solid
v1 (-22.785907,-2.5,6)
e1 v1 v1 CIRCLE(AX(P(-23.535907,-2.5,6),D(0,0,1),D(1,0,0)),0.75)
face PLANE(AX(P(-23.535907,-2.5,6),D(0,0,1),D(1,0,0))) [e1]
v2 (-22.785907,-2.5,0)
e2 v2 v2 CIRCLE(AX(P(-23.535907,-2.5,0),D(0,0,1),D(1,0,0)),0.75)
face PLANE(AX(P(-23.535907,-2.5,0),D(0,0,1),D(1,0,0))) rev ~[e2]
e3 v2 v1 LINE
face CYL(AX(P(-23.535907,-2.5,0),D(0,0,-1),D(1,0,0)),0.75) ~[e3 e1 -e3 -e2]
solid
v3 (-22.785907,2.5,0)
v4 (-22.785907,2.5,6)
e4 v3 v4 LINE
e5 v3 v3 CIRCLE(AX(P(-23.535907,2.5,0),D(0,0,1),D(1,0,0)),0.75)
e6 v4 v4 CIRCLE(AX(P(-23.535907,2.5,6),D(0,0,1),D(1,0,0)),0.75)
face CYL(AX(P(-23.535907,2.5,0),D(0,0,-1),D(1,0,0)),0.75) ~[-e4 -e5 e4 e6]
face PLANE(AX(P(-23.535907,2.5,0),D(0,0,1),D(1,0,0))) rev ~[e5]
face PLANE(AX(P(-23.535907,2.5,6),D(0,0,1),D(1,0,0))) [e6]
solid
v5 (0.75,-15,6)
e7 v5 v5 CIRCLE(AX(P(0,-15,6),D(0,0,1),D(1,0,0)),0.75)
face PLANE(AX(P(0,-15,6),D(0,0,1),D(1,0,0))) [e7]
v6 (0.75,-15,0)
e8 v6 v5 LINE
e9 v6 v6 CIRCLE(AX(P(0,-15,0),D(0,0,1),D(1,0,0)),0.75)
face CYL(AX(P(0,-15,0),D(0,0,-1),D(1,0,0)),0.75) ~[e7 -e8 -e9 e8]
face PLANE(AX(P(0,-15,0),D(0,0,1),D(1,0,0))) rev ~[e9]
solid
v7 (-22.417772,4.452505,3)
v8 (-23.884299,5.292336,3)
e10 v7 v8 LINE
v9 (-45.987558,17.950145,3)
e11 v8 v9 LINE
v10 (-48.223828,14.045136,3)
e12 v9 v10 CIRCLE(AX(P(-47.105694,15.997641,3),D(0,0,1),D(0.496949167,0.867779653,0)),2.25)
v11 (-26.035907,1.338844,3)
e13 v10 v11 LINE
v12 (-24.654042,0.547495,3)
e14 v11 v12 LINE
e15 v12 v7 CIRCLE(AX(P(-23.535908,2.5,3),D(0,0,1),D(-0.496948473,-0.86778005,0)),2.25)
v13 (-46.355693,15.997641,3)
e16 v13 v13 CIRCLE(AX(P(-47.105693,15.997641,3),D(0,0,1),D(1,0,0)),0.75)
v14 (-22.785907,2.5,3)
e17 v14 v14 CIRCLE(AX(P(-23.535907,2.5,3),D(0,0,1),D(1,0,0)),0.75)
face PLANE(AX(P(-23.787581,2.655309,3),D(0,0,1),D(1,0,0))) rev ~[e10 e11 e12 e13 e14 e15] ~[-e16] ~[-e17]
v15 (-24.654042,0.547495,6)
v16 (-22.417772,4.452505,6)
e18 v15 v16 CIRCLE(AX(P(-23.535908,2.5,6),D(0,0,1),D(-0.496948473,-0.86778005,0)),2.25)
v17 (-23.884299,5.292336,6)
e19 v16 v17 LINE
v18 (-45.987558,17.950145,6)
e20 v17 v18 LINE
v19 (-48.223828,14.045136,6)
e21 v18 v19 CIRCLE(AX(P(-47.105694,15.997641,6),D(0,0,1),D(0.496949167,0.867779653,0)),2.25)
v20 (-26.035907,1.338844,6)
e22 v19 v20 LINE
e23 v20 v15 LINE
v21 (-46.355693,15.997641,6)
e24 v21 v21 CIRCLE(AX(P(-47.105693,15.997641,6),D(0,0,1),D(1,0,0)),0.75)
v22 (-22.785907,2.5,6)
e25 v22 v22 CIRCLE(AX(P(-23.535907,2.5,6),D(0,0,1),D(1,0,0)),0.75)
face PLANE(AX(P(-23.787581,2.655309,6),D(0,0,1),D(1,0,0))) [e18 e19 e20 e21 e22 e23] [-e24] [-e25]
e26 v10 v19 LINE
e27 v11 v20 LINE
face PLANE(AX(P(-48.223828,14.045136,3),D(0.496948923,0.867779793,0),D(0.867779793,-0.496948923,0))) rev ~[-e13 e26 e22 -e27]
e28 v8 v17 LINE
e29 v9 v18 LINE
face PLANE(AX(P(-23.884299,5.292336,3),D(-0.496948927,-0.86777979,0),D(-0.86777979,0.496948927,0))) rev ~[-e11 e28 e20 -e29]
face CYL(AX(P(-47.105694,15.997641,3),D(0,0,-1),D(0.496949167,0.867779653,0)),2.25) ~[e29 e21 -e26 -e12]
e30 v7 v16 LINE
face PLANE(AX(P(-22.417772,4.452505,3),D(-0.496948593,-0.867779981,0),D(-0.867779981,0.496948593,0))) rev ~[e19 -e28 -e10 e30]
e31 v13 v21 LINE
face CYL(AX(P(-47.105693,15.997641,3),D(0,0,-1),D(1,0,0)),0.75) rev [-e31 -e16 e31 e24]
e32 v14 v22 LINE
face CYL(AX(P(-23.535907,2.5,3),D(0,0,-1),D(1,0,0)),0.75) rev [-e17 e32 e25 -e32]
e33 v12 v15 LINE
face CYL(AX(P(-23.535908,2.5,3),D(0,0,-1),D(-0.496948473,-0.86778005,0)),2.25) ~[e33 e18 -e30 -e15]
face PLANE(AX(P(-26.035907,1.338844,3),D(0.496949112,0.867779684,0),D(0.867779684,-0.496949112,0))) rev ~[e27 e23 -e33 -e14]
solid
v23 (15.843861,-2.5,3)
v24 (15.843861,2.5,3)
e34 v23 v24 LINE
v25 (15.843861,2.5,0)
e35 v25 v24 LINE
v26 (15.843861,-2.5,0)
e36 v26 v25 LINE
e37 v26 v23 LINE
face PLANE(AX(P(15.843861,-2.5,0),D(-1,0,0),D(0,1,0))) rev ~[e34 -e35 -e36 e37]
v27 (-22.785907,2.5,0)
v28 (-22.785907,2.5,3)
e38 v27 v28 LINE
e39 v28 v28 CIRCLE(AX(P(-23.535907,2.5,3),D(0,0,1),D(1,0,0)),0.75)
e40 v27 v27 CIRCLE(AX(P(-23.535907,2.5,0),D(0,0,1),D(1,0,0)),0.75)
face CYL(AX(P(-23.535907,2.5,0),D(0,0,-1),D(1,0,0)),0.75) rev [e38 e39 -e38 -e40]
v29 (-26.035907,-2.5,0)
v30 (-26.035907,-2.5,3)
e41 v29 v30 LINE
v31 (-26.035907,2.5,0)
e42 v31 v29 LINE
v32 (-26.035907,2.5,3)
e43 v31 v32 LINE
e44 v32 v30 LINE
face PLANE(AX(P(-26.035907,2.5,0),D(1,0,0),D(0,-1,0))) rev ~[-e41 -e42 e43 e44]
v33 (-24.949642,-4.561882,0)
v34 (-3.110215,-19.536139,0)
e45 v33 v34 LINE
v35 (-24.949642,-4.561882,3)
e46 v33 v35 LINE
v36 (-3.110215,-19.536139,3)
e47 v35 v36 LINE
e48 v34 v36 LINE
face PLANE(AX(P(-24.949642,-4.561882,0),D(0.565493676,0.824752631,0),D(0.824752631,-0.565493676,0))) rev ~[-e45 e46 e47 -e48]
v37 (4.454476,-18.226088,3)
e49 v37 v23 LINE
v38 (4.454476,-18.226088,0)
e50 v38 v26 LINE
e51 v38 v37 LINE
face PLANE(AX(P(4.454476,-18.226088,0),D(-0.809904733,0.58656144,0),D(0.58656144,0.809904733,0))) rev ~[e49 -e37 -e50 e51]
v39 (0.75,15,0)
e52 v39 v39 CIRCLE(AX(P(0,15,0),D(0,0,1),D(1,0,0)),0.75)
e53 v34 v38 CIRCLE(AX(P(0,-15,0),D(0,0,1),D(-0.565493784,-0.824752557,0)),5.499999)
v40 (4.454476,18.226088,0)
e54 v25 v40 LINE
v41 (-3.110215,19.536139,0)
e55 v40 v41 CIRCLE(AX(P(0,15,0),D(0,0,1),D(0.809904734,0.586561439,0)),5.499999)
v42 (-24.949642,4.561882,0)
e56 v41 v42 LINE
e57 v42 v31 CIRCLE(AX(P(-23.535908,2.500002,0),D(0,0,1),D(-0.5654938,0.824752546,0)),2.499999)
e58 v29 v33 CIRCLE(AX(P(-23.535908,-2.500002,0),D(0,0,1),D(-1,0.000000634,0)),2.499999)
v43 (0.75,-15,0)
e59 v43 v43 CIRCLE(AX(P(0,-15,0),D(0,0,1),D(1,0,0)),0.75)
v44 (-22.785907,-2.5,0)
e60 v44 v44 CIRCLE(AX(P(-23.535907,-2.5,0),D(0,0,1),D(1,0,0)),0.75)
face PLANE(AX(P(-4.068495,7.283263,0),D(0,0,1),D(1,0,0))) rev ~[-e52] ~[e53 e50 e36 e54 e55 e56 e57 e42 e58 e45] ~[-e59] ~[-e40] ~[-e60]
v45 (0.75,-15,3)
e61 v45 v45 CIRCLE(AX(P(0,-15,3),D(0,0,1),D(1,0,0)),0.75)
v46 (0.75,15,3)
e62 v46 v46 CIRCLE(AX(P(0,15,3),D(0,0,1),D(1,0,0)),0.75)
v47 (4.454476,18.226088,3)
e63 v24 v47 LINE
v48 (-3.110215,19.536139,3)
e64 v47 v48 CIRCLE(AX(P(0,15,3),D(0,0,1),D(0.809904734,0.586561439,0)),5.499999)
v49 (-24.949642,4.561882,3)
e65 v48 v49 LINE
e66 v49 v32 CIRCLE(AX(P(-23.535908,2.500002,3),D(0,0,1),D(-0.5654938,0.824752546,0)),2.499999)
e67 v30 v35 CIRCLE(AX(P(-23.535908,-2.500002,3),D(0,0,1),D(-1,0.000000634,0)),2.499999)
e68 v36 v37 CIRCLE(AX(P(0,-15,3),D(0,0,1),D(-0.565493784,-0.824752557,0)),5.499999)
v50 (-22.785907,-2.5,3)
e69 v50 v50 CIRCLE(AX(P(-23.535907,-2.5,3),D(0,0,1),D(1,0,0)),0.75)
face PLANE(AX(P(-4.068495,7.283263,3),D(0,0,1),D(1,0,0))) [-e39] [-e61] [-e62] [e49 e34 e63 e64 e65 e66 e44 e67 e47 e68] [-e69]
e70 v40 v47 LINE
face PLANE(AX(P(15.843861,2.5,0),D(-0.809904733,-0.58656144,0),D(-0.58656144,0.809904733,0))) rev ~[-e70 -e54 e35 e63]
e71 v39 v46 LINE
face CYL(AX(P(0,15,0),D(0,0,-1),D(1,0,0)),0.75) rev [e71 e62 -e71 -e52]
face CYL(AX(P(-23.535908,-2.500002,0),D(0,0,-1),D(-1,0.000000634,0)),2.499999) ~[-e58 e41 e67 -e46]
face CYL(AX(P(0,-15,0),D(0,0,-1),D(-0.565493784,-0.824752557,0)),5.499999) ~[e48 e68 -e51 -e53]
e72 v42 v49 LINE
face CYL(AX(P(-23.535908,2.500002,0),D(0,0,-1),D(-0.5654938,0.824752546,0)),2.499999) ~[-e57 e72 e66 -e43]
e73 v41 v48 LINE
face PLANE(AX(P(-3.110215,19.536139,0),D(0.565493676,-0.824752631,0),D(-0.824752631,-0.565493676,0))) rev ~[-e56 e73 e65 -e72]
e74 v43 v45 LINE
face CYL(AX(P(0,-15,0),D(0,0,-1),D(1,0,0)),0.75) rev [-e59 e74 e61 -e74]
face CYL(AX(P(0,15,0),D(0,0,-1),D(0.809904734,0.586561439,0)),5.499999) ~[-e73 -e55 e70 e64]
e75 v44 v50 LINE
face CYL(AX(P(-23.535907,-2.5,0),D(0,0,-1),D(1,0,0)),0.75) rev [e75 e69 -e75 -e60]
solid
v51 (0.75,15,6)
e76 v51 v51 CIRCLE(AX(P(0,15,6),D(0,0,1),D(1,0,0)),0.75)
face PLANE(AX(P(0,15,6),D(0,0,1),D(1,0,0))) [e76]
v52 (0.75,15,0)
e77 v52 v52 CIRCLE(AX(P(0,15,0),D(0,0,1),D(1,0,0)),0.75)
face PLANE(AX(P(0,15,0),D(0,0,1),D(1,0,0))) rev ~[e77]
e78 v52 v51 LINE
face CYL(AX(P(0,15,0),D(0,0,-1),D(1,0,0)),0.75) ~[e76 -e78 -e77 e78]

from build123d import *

# Parameters (mm, degrees)
F0_R     = 0.75
F1_DEPTH = 3
F2_DEPTH = 6
F3_R     = 0.75
F4_DEPTH = 3


with BuildPart() as f1:
    # F0 (on Top) → F1 (new body)
    with BuildSketch(Plane.XY):
        with BuildLine():
            ThreePointArc((4.454476, 18.226088), (5.232094, 16.695639), (5.5, 15))
            ThreePointArc((5.5, 15), (-2.563573, 10.133986), (-3.110215, 19.536139))
            Line((-3.110215, 19.536139), (-24.949642, 4.561882))
            ThreePointArc((-24.949642, 4.561882), (-22.370647, 4.711825), (-21.035907, 2.5))
            ThreePointArc((-21.035907, 2.5), (-21.76814, 0.732233), (-23.535907, 0))
            Line((-23.535907, 0), (15.843861, 0))
            Line((15.843861, 0), (15.843861, 2.5))
            Line((15.843861, 2.5), (4.454476, 18.226088))
        make_face()
        with BuildLine():
            ThreePointArc((-3.110215, 19.536139), (-2.563573, 10.133986), (5.5, 15))
            ThreePointArc((5.5, 15), (5.232094, 16.695639), (4.454476, 18.226088))
            ThreePointArc((4.454476, 18.226088), (0.938519, 20.419334), (-3.110215, 19.536139))
        make_face()
        with Locations((0, 15)):
            Circle(F0_R, mode=Mode.SUBTRACT)
        with BuildLine():
            ThreePointArc((-21.035907, 2.5), (-22.370647, 4.711825), (-24.949642, 4.561882))
            ThreePointArc((-24.949642, 4.561882), (-25.747732, 3.665261), (-26.035907, 2.5))
            ThreePointArc((-26.035907, 2.5), (-25.303674, 0.732233), (-23.535907, 0))
            ThreePointArc((-23.535907, 0), (-21.76814, 0.732233), (-21.035907, 2.5))
        make_face()
        with Locations((-23.535907, 2.5)):
            Circle(F0_R, mode=Mode.SUBTRACT)
        with BuildLine():
            ThreePointArc((-23.535907, 0), (-25.303674, 0.732233), (-26.035907, 2.5))
            Line((-26.035907, 2.5), (-26.035907, -2.5))
            ThreePointArc((-26.035907, -2.5), (-25.303674, -0.732233), (-23.535907, 0))
        make_face()
        with BuildLine():
            Line((15.843861, -2.5), (15.843861, 0))
            Line((15.843861, 0), (-23.535907, 0))
            ThreePointArc((-23.535907, 0), (-21.76814, -0.732233), (-21.035907, -2.5))
            ThreePointArc((-21.035907, -2.5), (-22.370647, -4.711825), (-24.949642, -4.561882))
            Line((-24.949642, -4.561882), (-3.110215, -19.536139))
            ThreePointArc((-3.110215, -19.536139), (-2.563573, -10.133986), (5.5, -15))
            ThreePointArc((5.5, -15), (5.232094, -16.695639), (4.454476, -18.226088))
            Line((4.454476, -18.226088), (15.843861, -2.5))
        make_face()
        with BuildLine():
            ThreePointArc((-3.110215, -19.536139), (0.938519, -20.419334), (4.454476, -18.226088))
            ThreePointArc((4.454476, -18.226088), (5.232094, -16.695639), (5.5, -15))
            ThreePointArc((5.5, -15), (-2.563573, -10.133986), (-3.110215, -19.536139))
        make_face()
        with Locations((0, -15)):
            Circle(F0_R, mode=Mode.SUBTRACT)
        with BuildLine():
            ThreePointArc((-21.035907, -2.5), (-21.76814, -0.732233), (-23.535907, 0))
            ThreePointArc((-23.535907, 0), (-25.303674, -0.732233), (-26.035907, -2.5))
            ThreePointArc((-26.035907, -2.5), (-25.747732, -3.665261), (-24.949642, -4.561882))
            ThreePointArc((-24.949642, -4.561882), (-22.370647, -4.711825), (-21.035907, -2.5))
        make_face()
        with Locations((-23.535907, -2.5)):
            Circle(F0_R, mode=Mode.SUBTRACT)
    extrude(amount=F1_DEPTH)


with BuildPart() as f2:
    # F0 (on Top) → F2 (new body)
    with BuildSketch(Plane.XY):
        with Locations((0, 15)):
            Circle(F0_R)
        with Locations((-23.535907, 2.5)):
            Circle(F0_R)
        with Locations((-23.535907, -2.5)):
            Circle(F0_R)
        with Locations((0, -15)):
            Circle(F0_R)
    extrude(amount=F2_DEPTH)


with BuildPart() as f4:
    # F3 (on face) → F4 (new body)
    with BuildSketch(Plane.XY.offset(3)):
        with BuildLine():
            Line((-26.035907, 1.338844), (-24.654042, 0.547495))
            ThreePointArc((-24.654042, 0.547495), (-21.583403, 1.381865), (-22.417772, 4.452505))
            Line((-22.417772, 4.452505), (-23.884299, 5.292336))
            Line((-23.884299, 5.292336), (-24.949642, 4.561882))
            ThreePointArc((-24.949642, 4.561882), (-25.747732, 3.665261), (-26.035907, 2.5))
            Line((-26.035907, 2.5), (-26.035907, 1.338844))
        make_face()
        with Locations((-23.535907, 2.5)):
            Circle(F3_R, mode=Mode.SUBTRACT)
        with BuildLine():
            Line((-48.223828, 14.045136), (-26.035907, 1.338844))
            Line((-26.035907, 1.338844), (-26.035907, 2.5))
            ThreePointArc((-26.035907, 2.5), (-25.747732, 3.665261), (-24.949642, 4.561882))
            Line((-24.949642, 4.561882), (-23.884299, 5.292336))
            Line((-23.884299, 5.292336), (-45.987558, 17.950145))
            ThreePointArc((-45.987558, 17.950145), (-49.058198, 17.115776), (-48.223828, 14.045136))
        make_face()
        with Locations((-47.105693, 15.997641)):
            Circle(F3_R, mode=Mode.SUBTRACT)
    extrude(amount=F4_DEPTH)


solid = Compound([f1.part, f2.part, f4.part])
